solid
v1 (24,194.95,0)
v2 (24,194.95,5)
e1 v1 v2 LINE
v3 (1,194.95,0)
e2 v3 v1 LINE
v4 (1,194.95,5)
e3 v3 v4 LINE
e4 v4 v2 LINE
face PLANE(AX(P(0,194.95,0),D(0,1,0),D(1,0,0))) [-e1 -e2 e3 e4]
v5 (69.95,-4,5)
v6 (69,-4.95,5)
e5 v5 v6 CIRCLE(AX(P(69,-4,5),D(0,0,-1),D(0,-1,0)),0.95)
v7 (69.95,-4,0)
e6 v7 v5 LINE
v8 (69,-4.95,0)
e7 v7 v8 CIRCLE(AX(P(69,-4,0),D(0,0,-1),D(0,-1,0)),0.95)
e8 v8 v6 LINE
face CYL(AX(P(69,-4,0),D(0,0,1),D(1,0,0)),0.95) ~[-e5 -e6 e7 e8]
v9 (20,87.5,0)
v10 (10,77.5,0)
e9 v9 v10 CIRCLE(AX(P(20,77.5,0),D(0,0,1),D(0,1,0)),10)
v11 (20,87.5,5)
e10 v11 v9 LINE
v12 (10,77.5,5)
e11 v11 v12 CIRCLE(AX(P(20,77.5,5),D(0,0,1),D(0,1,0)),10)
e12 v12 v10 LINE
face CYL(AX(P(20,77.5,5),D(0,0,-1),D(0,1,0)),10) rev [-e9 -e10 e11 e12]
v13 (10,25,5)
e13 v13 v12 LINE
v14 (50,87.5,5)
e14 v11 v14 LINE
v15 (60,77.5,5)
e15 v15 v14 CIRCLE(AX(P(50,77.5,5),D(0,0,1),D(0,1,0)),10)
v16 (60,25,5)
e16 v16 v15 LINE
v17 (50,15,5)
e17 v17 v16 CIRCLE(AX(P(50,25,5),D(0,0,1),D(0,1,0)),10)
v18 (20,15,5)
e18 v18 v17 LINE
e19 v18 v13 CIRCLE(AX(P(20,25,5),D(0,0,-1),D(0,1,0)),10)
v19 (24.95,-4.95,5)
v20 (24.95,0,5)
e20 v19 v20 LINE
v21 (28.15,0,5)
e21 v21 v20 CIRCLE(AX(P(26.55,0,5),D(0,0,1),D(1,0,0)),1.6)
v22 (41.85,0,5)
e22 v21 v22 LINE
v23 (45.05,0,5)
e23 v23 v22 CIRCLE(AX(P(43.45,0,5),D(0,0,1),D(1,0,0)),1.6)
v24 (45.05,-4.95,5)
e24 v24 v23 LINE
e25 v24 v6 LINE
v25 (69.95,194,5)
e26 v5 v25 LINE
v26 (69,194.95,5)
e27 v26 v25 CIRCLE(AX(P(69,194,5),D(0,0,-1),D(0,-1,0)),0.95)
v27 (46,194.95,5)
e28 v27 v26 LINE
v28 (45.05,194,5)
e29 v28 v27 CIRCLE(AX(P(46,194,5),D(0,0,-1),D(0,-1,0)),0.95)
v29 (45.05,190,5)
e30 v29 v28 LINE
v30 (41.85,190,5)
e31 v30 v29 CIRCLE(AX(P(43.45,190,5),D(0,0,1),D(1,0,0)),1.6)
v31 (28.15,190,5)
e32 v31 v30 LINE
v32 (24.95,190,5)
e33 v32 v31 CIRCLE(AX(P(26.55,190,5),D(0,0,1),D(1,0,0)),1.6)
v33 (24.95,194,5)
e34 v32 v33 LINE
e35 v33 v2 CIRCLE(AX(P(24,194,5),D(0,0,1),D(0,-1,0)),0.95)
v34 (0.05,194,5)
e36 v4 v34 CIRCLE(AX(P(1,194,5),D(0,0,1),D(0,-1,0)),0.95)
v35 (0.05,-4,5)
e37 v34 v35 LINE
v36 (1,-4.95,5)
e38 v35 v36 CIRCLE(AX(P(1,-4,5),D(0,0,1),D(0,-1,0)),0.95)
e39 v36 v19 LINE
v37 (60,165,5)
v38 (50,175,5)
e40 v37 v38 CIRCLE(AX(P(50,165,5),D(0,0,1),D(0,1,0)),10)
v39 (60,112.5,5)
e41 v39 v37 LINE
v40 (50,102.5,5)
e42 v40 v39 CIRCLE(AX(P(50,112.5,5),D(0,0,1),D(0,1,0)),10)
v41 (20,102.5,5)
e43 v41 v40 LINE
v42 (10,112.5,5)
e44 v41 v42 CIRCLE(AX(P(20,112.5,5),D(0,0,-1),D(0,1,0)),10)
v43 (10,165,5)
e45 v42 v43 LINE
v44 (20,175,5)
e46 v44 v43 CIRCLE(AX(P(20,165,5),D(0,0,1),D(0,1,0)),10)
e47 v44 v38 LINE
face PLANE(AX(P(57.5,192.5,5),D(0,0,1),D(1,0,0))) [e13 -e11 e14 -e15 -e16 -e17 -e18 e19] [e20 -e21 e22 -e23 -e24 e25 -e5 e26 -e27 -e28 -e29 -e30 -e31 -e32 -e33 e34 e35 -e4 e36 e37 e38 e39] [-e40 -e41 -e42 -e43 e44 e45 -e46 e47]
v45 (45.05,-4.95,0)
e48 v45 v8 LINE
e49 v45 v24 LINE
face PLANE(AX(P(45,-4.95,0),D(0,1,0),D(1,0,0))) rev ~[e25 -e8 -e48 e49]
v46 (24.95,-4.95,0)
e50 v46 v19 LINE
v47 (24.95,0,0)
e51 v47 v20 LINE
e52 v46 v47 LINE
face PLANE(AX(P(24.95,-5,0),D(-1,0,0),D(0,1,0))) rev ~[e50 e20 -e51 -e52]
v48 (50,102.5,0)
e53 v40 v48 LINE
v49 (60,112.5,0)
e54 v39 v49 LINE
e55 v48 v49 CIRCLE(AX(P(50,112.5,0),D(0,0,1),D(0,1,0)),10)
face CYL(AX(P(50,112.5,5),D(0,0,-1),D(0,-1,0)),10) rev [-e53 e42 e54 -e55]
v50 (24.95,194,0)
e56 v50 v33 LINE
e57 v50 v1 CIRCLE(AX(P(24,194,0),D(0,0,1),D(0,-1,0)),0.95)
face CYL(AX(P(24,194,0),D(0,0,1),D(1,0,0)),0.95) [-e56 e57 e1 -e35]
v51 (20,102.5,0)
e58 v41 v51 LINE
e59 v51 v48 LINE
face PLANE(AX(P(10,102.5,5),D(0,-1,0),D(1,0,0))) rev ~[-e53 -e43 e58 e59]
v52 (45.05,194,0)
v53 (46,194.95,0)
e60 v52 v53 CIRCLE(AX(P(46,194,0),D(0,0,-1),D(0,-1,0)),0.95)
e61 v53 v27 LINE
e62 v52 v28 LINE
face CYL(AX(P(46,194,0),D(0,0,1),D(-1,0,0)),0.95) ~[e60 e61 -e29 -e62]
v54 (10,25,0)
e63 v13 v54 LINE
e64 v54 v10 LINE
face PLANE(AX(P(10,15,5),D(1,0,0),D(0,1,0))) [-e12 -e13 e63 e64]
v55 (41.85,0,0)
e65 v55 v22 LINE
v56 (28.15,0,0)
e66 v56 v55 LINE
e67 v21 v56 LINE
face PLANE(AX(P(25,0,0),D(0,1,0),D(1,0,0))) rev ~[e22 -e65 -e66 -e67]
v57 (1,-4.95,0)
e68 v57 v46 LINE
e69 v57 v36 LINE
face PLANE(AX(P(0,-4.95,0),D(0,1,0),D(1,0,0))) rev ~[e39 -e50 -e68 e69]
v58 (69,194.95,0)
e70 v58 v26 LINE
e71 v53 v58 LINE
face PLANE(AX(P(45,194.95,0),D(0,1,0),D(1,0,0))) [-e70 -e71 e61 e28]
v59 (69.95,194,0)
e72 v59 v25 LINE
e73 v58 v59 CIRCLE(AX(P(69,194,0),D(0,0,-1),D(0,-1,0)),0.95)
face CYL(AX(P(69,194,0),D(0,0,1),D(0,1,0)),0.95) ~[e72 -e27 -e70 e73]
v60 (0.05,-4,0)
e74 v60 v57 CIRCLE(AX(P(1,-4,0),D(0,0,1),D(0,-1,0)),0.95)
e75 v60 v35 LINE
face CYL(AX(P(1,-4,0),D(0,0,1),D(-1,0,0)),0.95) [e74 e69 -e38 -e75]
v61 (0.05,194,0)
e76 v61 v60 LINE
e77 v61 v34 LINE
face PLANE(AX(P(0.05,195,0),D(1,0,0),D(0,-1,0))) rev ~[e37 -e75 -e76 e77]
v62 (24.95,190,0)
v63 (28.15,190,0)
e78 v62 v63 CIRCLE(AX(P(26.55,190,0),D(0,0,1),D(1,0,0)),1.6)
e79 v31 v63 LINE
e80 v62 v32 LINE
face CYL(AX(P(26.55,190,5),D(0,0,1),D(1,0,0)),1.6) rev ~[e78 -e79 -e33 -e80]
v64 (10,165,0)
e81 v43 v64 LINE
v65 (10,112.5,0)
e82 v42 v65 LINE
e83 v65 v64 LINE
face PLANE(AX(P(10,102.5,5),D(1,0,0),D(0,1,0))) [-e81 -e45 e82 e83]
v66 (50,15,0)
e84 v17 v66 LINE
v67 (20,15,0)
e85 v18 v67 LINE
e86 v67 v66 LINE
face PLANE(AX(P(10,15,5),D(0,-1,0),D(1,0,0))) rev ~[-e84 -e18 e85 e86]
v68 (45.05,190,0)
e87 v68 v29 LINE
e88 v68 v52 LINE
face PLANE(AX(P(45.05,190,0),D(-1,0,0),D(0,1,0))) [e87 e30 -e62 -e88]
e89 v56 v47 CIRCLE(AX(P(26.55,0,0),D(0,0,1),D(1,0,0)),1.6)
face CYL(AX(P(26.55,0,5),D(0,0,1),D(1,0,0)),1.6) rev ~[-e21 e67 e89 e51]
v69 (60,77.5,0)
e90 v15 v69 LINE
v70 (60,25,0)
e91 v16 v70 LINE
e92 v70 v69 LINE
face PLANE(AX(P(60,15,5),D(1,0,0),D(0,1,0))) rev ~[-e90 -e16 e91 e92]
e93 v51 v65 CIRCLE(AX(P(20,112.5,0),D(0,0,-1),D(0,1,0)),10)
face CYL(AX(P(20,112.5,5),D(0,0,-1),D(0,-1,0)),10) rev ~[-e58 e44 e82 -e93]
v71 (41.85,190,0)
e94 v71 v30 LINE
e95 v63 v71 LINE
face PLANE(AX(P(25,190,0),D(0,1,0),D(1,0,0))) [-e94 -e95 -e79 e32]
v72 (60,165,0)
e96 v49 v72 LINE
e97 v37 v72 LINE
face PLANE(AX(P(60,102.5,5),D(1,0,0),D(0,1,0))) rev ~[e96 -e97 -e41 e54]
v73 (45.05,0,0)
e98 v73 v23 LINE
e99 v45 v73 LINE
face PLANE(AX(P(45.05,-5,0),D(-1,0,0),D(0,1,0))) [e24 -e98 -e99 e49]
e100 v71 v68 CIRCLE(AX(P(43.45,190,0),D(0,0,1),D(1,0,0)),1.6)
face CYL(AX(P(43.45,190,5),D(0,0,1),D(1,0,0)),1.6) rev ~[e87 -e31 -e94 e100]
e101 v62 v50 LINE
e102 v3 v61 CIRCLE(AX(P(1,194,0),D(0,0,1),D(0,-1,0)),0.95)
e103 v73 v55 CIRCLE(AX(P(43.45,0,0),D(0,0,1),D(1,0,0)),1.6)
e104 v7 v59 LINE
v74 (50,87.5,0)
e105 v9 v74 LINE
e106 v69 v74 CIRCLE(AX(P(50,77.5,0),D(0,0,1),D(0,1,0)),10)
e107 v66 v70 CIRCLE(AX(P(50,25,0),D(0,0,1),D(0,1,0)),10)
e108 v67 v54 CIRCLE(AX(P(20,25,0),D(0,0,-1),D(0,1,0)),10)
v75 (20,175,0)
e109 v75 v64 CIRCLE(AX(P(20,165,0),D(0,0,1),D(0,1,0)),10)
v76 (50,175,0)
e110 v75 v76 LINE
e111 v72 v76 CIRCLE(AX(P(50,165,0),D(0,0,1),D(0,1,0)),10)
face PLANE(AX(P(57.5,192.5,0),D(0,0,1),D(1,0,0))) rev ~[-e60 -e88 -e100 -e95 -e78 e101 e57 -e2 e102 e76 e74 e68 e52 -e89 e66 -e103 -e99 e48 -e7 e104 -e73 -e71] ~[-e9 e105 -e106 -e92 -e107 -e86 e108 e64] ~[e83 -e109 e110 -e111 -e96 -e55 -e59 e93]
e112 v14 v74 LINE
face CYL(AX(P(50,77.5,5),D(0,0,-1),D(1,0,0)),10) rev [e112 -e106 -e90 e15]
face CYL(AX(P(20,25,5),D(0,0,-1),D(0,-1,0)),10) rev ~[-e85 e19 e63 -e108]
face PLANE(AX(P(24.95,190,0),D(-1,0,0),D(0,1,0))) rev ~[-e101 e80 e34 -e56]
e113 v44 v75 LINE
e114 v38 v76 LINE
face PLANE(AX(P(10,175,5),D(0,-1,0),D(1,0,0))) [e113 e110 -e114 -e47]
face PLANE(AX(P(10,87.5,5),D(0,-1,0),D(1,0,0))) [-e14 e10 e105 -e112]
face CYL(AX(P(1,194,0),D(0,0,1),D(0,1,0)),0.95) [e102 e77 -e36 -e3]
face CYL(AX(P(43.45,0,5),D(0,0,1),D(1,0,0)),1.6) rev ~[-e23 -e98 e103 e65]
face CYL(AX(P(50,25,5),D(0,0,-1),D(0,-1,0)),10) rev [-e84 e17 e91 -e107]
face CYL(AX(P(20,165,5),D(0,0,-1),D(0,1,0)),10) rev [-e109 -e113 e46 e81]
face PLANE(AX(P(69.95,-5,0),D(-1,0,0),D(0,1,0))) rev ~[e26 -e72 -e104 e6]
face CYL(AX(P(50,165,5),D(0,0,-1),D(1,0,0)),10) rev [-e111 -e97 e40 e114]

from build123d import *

# Parameters (mm, degrees)
SKETCH_1_W          = 25
SKETCH_1_H          = 5
SKETCH_1_W_2        = 70
SKETCH_1_H_2        = 190
EXTRUDE_1_DEPTH     = 5
SKETCH_2_R          = 1.55
CUT_EXTRUDE_1_DEPTH = 5
SKETCH_3_W          = 50
SKETCH_3_H          = 72.5
CUT_EXTRUDE_2_DEPTH = 5
FILLET_1_R          = 10
FILLET_2_R          = 1
MOVE_FACE_1_BY      = 0.05
MOVE_FACE_1_2_BY    = 0.05
MOVE_FACE_1_3_BY    = 0.05
MOVE_FACE_1_4_BY    = 0.05
MOVE_FACE_1_5_BY    = 0.05
MOVE_FACE_1_6_BY    = 0.05
MOVE_FACE_1_7_BY    = 0.05
MOVE_FACE_1_8_BY    = 0.05
MOVE_FACE_1_9_BY    = 0.05
MOVE_FACE_1_10_BY   = 0.05
MOVE_FACE_1_11_BY   = 0.05
MOVE_FACE_1_12_BY   = 0.05
MOVE_FACE_1_13_BY   = 0.05
MOVE_FACE_1_14_BY   = 0.05
MOVE_FACE_1_15_BY   = 0.05
MOVE_FACE_1_16_BY   = 0.05
MOVE_FACE_1_17_BY   = 0.05
MOVE_FACE_1_18_BY   = 0.05
MOVE_FACE_1_19_BY   = 0.05
MOVE_FACE_1_20_BY   = 0.05


with BuildPart() as part:
    # 草图1 → 凸台-拉伸1 (new body)
    with BuildSketch(Plane.XY):
        with Locations((57.5, 192.5)):
            Rectangle(SKETCH_1_W, SKETCH_1_H)
        with Locations((35, 95)):
            Rectangle(SKETCH_1_W_2, SKETCH_1_H_2)
        with Locations((12.5, 192.5)):
            Rectangle(SKETCH_1_W, SKETCH_1_H)
        with Locations((57.5, -2.5)):
            Rectangle(SKETCH_1_W, SKETCH_1_H)
        with Locations((12.5, -2.5)):
            Rectangle(SKETCH_1_W, SKETCH_1_H)
    extrude(amount=EXTRUDE_1_DEPTH)

    # 草图2 → 切除-拉伸1 (cut)
    with BuildSketch(Plane.XY.offset(5)):
        with Locations((43.45, 0)):
            Circle(SKETCH_2_R)
        with Locations((26.55, 0)):
            Circle(SKETCH_2_R)
        with Locations((43.45, 190)):
            Circle(SKETCH_2_R)
        with Locations((26.55, 190)):
            Circle(SKETCH_2_R)
    extrude(amount=-CUT_EXTRUDE_1_DEPTH, mode=Mode.SUBTRACT)

    # 草图3 → 切除-拉伸2 (cut)
    with BuildSketch(Plane.XY.offset(5)):
        with Locations((35, 51.25)):
            Rectangle(SKETCH_3_W, SKETCH_3_H)
        with Locations((35, 138.75)):
            Rectangle(SKETCH_3_W, SKETCH_3_H)
    extrude(amount=-CUT_EXTRUDE_2_DEPTH, mode=Mode.SUBTRACT)

    # 圆角1
    fillet_1_edges = [part.edges().sort_by_distance(p)[0] for p in [
        (10, 175, 2.5),
        (60, 175, 2.5),
        (60, 102.5, 2.5),
        (10, 15, 2.5),
        (10, 87.5, 2.5),
        (60, 87.5, 2.5),
        (60, 15, 2.5),
        (10, 102.5, 2.5),
    ]]
    fillet(fillet_1_edges, radius=FILLET_1_R)

    # 圆角2
    fillet_2_edges = [part.edges().sort_by_distance(p)[0] for p in [
        (45, 195, 2.5),
        (70, 195, 2.5),
        (70, -5, 2.5),
        (0, -5, 2.5),
        (0, 195, 2.5),
        (25, 195, 2.5),
    ]]
    fillet(fillet_2_edges, radius=FILLET_2_R)

    # Move Face 1: a curved face moved inward by 0.05
    add(Solid.thicken(part.faces().sort_by_distance((69.707106781, -4.707106781, 2.5))[0], -MOVE_FACE_1_BY), mode=Mode.SUBTRACT)

    # Move Face 1 2: a face moved inward by 0.05
    extrude(part.faces().sort_by_distance((57, -5, 2.5))[0], amount=MOVE_FACE_1_2_BY, dir=(0, 1, 0), mode=Mode.SUBTRACT)

    # Move Face 1 3: a face moved inward by 0.05
    extrude(part.faces().sort_by_distance((45, -2.5, 2.5))[0], amount=MOVE_FACE_1_3_BY, dir=(1, 0, 0), mode=Mode.SUBTRACT)

    # Move Face 1 4: a curved face moved inward by 0.05
    add(Solid.thicken(part.faces().sort_by_distance((43.45, 1.55, 2.5))[0], -MOVE_FACE_1_4_BY), mode=Mode.SUBTRACT)

    # Move Face 1 5: a face moved inward by 0.05
    extrude(part.faces().sort_by_distance((25, -2.5, 2.5))[0], amount=MOVE_FACE_1_5_BY, dir=(-1, 0, 0), mode=Mode.SUBTRACT)

    # Move Face 1 6: a curved face moved inward by 0.05
    add(Solid.thicken(part.faces().sort_by_distance((26.55, 1.55, 2.5))[0], -MOVE_FACE_1_6_BY), mode=Mode.SUBTRACT)

    # Move Face 1 7: a face moved inward by 0.05
    extrude(part.faces().sort_by_distance((13, -5, 2.5))[0], amount=MOVE_FACE_1_7_BY, dir=(0, 1, 0), mode=Mode.SUBTRACT)

    # Move Face 1 8: a curved face moved inward by 0.05
    add(Solid.thicken(part.faces().sort_by_distance((0.292893219, -4.707106781, 2.5))[0], -MOVE_FACE_1_8_BY), mode=Mode.SUBTRACT)

    # Move Face 1 9: a face moved inward by 0.05
    extrude(part.faces().sort_by_distance((0, 95, 2.5))[0], amount=MOVE_FACE_1_9_BY, dir=(1, 0, 0), mode=Mode.SUBTRACT)

    # Move Face 1 10: a curved face moved inward by 0.05
    add(Solid.thicken(part.faces().sort_by_distance((0.292893219, 194.707106781, 2.5))[0], -MOVE_FACE_1_10_BY), mode=Mode.SUBTRACT)

    # Move Face 1 11: a face moved inward by 0.05
    extrude(part.faces().sort_by_distance((12.5, 195, 2.5))[0], amount=MOVE_FACE_1_11_BY, dir=(0, -1, 0), mode=Mode.SUBTRACT)

    # Move Face 1 12: a curved face moved inward by 0.05
    add(Solid.thicken(part.faces().sort_by_distance((24.707106781, 194.707106781, 2.5))[0], -MOVE_FACE_1_12_BY), mode=Mode.SUBTRACT)

    # Move Face 1 13: a face moved inward by 0.05
    extrude(part.faces().sort_by_distance((25, 192, 2.5))[0], amount=MOVE_FACE_1_13_BY, dir=(-1, 0, 0), mode=Mode.SUBTRACT)

    # Move Face 1 14: a curved face moved inward by 0.05
    add(Solid.thicken(part.faces().sort_by_distance((26.55, 188.45, 2.5))[0], -MOVE_FACE_1_14_BY), mode=Mode.SUBTRACT)

    # Move Face 1 15: a curved face moved inward by 0.05
    add(Solid.thicken(part.faces().sort_by_distance((43.45, 188.45, 2.5))[0], -MOVE_FACE_1_15_BY), mode=Mode.SUBTRACT)

    # Move Face 1 16: a face moved inward by 0.05
    extrude(part.faces().sort_by_distance((45, 192, 2.5))[0], amount=MOVE_FACE_1_16_BY, dir=(1, 0, 0), mode=Mode.SUBTRACT)

    # Move Face 1 17: a curved face moved inward by 0.05
    add(Solid.thicken(part.faces().sort_by_distance((45.292893219, 194.707106781, 2.5))[0], -MOVE_FACE_1_17_BY), mode=Mode.SUBTRACT)

    # Move Face 1 18: a face moved inward by 0.05
    extrude(part.faces().sort_by_distance((57.5, 195, 2.5))[0], amount=MOVE_FACE_1_18_BY, dir=(0, -1, 0), mode=Mode.SUBTRACT)

    # Move Face 1 19: a curved face moved inward by 0.05
    add(Solid.thicken(part.faces().sort_by_distance((69.707106781, 194.707106781, 2.5))[0], -MOVE_FACE_1_19_BY), mode=Mode.SUBTRACT)

    # Move Face 1 20: a face moved inward by 0.05
    extrude(part.faces().sort_by_distance((70, 95, 2.5))[0], amount=MOVE_FACE_1_20_BY, dir=(-1, 0, 0), mode=Mode.SUBTRACT)


solid = part.part
